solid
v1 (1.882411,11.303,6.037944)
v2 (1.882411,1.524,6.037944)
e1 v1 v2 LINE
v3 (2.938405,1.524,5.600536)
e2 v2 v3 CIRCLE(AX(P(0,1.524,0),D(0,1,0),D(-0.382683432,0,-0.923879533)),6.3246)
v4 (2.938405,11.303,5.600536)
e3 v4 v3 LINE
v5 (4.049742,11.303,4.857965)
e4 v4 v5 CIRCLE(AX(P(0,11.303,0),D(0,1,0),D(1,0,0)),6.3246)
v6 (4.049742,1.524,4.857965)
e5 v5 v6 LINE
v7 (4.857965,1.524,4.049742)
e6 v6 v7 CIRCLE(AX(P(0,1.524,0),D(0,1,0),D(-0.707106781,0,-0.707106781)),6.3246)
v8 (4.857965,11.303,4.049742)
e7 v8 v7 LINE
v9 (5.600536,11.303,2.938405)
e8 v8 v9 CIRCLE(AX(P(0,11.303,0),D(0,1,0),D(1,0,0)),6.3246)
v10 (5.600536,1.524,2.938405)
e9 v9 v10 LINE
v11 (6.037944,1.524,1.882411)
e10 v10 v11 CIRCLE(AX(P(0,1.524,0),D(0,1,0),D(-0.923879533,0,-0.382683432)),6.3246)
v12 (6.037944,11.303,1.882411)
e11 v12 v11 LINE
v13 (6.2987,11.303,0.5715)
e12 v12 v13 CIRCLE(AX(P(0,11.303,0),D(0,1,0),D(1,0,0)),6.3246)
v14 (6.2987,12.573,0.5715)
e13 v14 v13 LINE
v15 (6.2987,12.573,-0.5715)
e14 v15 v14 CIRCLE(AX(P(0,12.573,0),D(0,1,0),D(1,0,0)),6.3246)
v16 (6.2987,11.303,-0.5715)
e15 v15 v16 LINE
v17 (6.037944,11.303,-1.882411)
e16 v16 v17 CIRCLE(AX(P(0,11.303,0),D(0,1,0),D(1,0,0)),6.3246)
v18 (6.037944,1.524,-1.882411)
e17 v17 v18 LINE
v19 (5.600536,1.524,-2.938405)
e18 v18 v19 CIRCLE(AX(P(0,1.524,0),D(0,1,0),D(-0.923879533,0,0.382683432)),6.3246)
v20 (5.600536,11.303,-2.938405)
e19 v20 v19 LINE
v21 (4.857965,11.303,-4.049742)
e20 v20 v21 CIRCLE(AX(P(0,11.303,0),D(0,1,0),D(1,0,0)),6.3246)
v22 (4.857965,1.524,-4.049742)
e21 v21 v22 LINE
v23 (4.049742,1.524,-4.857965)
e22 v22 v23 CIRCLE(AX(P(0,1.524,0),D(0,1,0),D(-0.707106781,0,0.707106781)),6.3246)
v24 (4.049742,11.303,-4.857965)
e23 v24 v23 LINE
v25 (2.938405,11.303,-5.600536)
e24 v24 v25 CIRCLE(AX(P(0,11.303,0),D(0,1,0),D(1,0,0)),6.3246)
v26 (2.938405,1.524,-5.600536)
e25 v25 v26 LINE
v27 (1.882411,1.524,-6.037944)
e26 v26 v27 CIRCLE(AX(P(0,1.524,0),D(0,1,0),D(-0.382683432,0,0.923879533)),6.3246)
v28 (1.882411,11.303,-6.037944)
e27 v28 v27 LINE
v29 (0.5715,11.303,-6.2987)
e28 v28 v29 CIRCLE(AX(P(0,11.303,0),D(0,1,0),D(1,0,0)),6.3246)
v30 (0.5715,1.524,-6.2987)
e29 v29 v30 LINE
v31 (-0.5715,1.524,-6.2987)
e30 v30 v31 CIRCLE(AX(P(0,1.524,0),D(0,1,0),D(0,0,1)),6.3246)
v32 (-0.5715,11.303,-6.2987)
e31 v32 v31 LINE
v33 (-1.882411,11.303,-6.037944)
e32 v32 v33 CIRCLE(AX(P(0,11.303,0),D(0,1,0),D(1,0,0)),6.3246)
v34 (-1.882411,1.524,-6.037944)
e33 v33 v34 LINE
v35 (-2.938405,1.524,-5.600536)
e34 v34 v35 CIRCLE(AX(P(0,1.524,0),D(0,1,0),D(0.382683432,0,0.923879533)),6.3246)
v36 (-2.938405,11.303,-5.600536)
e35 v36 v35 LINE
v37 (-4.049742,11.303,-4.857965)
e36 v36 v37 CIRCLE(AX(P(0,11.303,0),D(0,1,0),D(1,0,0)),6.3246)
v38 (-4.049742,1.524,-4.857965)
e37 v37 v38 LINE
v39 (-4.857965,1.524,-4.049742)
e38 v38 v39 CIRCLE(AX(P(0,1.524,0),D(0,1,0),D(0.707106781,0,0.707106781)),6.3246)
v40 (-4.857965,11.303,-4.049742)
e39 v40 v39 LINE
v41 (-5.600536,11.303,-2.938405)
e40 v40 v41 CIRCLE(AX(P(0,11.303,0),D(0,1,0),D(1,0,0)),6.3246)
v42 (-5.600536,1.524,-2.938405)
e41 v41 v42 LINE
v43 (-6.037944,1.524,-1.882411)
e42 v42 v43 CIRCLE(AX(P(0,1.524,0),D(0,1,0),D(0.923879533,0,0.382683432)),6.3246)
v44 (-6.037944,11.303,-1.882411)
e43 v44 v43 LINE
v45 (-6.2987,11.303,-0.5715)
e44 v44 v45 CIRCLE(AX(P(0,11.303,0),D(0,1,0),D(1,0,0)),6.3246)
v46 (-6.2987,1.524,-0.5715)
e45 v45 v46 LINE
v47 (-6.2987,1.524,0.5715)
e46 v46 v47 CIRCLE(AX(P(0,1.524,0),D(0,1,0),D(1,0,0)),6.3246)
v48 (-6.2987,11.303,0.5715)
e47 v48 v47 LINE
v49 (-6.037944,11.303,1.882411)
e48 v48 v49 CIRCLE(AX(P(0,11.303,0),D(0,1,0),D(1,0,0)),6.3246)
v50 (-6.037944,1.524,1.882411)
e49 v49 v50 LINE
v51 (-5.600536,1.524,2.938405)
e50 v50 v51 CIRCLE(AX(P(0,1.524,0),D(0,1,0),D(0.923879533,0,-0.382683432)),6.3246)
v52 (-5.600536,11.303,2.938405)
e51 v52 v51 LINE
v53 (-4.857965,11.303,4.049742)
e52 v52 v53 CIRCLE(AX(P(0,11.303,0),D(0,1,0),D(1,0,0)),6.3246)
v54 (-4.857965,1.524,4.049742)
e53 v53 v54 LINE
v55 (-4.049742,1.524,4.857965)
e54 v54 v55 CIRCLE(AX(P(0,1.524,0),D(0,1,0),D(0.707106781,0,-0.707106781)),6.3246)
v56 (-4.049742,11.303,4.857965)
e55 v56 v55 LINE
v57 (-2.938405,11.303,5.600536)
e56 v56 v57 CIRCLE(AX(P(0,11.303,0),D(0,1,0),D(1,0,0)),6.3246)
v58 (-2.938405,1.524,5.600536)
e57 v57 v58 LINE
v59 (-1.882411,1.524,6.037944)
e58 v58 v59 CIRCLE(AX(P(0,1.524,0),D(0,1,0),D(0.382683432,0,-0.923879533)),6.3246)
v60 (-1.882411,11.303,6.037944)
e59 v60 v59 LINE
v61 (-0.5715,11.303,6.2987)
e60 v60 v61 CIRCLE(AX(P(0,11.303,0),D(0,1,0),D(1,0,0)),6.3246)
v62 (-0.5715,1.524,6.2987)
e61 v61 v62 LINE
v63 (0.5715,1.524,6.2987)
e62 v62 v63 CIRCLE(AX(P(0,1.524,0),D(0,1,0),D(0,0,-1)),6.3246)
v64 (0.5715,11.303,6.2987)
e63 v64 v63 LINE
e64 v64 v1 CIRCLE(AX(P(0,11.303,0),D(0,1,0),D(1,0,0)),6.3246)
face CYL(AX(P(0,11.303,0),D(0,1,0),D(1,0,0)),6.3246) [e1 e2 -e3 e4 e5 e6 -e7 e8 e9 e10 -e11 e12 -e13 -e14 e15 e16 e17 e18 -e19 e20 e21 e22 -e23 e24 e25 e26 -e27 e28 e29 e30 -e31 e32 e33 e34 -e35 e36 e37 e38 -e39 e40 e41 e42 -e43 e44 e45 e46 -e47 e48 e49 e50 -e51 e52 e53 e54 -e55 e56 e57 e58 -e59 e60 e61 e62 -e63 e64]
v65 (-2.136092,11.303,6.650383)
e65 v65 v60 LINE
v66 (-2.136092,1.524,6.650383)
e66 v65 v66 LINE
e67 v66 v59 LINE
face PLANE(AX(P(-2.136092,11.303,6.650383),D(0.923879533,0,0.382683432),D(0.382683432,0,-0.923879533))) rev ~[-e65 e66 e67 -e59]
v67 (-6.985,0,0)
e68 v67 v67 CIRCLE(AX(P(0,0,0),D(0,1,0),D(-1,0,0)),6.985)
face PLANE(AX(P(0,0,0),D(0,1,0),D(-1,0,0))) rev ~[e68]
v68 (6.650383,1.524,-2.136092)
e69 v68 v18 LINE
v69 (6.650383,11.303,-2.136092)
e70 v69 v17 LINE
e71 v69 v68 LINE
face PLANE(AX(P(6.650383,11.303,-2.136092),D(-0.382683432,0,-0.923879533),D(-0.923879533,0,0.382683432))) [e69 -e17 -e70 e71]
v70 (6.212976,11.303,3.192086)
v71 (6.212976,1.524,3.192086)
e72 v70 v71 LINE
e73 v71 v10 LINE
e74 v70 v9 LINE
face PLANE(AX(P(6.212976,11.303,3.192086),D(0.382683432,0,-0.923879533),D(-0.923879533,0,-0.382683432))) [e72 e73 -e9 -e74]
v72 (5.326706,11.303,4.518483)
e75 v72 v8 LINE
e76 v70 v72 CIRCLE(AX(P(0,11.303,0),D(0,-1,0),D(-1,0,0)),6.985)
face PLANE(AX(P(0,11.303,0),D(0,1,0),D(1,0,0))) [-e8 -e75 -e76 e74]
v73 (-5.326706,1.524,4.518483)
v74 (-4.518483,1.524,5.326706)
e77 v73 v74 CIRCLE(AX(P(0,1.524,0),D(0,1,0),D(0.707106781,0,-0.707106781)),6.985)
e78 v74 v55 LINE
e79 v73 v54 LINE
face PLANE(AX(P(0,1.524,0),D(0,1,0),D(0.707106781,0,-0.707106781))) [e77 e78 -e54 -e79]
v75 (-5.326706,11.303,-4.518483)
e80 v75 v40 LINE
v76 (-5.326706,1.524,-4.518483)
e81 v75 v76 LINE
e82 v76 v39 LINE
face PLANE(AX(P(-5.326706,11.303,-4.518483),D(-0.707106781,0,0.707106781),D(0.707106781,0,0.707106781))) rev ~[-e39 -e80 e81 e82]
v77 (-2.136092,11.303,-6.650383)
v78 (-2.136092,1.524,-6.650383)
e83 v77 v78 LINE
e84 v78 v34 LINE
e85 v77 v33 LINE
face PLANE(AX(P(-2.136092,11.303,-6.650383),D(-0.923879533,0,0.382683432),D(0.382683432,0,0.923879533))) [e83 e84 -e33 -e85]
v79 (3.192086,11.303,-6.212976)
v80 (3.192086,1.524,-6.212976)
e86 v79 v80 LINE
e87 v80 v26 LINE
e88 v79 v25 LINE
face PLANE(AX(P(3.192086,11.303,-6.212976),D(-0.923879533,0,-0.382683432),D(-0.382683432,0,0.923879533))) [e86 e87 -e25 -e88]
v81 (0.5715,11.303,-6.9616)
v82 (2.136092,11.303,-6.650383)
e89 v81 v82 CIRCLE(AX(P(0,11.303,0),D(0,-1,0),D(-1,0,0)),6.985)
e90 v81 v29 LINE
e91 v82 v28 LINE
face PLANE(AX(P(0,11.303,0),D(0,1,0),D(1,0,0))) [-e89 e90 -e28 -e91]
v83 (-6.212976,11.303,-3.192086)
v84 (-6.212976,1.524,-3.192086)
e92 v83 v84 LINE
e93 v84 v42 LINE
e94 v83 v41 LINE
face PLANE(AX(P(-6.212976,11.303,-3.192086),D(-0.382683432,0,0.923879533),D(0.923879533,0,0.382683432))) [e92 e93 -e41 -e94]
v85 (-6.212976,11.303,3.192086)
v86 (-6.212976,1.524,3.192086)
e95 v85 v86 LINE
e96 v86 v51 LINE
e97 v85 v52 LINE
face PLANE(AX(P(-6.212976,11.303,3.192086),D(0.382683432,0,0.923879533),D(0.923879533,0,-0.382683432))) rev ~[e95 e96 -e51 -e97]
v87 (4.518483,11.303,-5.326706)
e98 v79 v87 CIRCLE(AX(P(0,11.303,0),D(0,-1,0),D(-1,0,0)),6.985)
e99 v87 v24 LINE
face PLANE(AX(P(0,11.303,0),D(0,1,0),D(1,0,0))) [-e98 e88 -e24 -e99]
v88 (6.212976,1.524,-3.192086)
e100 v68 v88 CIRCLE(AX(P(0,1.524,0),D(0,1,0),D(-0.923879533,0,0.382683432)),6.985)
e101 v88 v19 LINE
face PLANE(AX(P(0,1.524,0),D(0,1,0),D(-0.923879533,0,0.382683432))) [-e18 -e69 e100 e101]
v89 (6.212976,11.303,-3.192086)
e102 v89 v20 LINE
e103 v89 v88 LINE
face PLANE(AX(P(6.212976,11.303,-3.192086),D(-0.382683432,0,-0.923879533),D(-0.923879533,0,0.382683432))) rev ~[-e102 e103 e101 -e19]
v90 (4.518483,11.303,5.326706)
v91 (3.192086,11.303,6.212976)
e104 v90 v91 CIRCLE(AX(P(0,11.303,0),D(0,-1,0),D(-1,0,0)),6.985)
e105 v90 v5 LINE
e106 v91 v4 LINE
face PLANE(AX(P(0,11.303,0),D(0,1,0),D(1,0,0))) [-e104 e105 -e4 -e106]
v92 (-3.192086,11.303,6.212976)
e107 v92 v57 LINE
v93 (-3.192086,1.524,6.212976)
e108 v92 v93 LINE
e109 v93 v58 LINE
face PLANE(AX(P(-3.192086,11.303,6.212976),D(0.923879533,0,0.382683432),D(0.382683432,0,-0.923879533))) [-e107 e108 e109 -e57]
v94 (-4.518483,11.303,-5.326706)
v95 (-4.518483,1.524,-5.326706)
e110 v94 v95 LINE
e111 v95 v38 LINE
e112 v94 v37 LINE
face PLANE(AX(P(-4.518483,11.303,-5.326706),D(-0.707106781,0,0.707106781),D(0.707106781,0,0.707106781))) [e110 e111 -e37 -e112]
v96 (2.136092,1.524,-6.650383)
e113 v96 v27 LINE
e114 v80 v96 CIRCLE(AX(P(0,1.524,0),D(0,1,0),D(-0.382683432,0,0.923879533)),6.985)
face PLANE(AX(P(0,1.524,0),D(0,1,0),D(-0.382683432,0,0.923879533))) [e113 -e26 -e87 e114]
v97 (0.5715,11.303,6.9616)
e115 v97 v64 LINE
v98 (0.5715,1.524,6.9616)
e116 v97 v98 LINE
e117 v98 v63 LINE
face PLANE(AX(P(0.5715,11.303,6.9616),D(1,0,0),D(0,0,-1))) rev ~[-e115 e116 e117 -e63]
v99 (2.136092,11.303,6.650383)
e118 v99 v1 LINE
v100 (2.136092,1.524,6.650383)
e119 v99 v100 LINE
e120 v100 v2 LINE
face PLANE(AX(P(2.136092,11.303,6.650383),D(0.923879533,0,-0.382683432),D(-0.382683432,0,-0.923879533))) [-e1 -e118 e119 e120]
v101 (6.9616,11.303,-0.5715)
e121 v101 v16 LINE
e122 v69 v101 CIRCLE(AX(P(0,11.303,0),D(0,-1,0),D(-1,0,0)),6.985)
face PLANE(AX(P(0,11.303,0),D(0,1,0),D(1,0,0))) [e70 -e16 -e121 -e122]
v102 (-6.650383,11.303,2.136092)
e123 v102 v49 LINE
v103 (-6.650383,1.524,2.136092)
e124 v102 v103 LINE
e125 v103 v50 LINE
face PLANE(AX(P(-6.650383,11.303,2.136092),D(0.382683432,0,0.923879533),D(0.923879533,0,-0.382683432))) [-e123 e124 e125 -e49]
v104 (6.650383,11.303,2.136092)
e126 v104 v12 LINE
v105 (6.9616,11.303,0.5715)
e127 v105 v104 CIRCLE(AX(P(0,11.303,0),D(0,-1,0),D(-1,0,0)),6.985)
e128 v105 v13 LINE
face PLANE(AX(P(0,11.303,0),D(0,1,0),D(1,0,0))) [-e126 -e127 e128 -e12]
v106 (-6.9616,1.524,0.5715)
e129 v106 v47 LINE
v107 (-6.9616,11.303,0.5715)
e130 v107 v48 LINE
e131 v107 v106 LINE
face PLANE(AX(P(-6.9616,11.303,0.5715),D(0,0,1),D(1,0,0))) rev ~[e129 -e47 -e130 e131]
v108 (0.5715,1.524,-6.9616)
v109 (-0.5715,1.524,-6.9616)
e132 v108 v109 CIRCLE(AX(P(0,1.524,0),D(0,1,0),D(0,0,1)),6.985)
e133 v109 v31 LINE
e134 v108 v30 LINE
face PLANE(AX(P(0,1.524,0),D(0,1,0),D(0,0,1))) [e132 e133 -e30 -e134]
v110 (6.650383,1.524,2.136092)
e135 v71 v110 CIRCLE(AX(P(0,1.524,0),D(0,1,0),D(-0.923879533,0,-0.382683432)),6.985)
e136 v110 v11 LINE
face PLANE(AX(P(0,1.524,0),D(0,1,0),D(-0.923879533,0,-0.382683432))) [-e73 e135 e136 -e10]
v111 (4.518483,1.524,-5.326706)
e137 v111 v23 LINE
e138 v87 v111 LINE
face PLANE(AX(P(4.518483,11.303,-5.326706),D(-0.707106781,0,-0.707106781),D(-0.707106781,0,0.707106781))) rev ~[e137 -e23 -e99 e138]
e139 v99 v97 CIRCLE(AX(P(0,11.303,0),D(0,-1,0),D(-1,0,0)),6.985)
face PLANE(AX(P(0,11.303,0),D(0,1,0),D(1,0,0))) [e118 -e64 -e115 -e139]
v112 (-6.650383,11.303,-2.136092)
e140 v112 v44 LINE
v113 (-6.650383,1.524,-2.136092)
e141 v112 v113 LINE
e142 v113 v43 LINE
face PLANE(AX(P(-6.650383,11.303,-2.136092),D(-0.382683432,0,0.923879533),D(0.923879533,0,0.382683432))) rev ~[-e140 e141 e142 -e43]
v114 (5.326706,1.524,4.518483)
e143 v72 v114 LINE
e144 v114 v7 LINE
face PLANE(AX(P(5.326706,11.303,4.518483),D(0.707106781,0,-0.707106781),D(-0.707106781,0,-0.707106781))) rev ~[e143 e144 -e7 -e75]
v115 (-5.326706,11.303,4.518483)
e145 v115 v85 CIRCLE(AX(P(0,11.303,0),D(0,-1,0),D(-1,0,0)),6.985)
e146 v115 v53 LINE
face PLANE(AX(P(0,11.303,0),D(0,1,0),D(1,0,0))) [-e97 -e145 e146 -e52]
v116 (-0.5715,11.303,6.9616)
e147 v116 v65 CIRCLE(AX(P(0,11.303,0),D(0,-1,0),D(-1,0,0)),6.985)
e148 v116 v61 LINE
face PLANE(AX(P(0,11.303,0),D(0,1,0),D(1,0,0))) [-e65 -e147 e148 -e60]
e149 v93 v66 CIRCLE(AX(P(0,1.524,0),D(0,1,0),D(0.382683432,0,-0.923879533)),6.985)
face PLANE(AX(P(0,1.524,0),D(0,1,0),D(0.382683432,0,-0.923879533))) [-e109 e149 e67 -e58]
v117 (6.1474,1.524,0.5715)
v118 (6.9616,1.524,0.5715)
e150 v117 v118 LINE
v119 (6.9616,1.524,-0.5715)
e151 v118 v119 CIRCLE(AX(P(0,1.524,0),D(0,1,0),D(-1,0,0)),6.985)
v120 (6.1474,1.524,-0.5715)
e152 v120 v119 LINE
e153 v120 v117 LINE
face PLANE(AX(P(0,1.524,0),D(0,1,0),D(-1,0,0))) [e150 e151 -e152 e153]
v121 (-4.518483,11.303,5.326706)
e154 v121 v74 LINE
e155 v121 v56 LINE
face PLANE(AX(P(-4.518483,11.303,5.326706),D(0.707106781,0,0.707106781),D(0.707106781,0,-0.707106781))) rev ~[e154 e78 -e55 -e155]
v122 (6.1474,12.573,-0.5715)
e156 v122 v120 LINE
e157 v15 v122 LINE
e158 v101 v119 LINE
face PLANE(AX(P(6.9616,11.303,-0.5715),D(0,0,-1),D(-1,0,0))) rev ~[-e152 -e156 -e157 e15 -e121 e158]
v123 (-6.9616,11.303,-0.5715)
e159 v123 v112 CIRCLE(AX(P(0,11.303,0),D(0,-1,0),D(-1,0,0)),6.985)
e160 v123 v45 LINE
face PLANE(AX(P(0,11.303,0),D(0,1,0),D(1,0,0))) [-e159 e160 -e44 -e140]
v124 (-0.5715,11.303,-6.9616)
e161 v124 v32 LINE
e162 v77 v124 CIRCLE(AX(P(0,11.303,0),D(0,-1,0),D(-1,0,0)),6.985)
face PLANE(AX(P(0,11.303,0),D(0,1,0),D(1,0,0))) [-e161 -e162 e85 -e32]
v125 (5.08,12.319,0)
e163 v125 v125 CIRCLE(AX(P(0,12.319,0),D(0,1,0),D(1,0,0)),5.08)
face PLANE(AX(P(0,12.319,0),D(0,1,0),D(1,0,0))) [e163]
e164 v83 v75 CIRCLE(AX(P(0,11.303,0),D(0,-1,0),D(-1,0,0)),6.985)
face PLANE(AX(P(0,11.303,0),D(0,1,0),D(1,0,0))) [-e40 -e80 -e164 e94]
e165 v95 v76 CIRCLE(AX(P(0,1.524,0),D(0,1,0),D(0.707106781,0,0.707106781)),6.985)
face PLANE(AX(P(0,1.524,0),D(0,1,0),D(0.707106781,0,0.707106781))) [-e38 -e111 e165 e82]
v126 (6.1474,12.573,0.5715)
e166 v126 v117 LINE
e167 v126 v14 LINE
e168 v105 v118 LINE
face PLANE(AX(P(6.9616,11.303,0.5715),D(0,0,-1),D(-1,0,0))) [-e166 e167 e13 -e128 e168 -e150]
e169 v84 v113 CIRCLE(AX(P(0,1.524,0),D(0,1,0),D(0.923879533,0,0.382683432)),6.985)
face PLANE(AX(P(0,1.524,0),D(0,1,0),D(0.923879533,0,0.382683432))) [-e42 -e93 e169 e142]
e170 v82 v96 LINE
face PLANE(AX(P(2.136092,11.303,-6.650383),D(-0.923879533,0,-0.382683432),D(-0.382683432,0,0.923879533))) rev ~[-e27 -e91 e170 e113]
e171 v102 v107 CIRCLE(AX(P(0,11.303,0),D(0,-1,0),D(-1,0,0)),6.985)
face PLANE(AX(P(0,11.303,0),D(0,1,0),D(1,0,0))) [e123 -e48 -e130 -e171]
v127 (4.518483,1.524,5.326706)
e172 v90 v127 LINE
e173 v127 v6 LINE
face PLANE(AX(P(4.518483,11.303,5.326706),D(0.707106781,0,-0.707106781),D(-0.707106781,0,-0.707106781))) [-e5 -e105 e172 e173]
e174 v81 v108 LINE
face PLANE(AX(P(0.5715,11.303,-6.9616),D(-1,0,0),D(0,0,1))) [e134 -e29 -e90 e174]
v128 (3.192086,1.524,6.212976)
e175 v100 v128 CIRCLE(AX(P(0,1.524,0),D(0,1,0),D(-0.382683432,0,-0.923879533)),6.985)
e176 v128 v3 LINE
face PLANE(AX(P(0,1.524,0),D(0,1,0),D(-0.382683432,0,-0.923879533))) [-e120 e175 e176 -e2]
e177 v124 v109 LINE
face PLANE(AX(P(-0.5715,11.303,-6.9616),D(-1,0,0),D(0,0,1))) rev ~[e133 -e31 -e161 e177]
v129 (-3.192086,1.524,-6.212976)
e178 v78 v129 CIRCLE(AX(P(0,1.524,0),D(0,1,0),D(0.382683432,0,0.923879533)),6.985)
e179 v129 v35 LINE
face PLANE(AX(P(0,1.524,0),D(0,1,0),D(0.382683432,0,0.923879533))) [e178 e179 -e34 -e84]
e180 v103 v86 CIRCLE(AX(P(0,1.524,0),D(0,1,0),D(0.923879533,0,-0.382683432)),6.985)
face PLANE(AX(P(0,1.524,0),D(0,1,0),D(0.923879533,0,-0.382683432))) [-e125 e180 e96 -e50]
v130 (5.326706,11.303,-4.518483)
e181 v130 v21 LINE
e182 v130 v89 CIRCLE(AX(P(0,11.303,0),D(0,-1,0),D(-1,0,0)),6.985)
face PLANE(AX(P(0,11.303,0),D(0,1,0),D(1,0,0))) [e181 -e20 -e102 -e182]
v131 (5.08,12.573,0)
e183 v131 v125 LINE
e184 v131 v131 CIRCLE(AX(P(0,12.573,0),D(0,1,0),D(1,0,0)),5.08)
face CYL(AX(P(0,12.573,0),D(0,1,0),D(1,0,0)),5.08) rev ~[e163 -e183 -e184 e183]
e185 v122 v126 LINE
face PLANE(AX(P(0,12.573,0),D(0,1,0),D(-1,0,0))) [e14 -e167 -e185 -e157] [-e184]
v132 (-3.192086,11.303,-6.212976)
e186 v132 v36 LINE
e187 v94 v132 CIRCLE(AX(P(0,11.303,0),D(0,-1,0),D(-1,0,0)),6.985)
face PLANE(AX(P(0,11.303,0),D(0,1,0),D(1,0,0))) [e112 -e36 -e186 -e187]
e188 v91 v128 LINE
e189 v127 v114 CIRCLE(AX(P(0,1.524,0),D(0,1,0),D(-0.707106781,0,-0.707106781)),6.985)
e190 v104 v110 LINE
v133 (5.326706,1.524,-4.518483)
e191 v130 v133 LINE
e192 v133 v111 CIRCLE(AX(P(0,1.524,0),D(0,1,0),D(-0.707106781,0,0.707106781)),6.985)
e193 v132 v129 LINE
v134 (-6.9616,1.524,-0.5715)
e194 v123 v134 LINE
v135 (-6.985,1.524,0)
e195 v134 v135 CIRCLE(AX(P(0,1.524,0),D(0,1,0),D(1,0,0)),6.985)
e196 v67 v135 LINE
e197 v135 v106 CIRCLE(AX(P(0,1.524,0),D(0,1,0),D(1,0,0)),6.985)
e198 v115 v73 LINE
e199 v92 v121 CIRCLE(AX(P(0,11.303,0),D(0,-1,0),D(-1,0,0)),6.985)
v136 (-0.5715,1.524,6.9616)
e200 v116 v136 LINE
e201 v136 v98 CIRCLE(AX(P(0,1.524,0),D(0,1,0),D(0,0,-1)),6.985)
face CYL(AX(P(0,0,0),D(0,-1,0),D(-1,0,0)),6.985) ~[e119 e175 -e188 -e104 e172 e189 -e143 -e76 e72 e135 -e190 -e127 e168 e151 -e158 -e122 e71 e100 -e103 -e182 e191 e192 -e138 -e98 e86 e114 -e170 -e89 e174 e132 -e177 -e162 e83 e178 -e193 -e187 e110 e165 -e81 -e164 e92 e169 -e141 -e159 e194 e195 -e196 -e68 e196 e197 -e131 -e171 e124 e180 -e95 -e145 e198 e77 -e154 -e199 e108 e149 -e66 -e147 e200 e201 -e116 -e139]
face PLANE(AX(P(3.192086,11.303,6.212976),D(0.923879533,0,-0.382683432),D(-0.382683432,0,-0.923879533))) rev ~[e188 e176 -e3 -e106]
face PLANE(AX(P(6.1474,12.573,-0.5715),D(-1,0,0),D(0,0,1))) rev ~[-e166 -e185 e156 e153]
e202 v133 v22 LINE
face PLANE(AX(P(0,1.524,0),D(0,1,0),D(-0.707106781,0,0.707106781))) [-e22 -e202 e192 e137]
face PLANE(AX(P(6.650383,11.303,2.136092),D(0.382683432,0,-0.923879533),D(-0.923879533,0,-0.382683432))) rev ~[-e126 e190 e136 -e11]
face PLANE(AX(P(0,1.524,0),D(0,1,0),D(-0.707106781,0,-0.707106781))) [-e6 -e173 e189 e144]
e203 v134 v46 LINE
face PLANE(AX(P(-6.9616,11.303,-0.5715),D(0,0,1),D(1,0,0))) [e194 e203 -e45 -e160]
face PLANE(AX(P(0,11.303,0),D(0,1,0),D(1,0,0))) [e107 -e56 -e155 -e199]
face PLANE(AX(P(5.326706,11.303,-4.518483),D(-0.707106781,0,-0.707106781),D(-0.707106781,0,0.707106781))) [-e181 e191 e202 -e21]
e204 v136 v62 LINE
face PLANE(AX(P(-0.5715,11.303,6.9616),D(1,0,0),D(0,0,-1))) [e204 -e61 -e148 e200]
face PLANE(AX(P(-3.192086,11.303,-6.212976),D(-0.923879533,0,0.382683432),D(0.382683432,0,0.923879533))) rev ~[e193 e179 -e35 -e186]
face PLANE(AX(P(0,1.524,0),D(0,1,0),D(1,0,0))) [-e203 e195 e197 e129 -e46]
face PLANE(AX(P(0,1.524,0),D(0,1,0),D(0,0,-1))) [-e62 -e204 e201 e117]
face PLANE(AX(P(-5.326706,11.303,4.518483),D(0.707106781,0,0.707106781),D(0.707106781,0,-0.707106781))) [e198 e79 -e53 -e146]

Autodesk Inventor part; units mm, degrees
ref_plane "YZ Plane" through (0, 0, 0) normal (1, 0, 0) x (0, 1, 0)
ref_plane "XZ Plane" through (0, 0, 0) normal (0, 1, 0) x (-1, 0, 0)
ref_plane "XY Plane" through (0, 0, 0) normal (0, 0, 1) x (1, 0, 0)
sketch "Sketch1" plane through (0, 0, 0) normal (0, 1, 0) x (-1, 0, 0)
  circle A0 centre (0, 0) radius 6.985
  dimension "d0" = 13.97
extrude "Extrusion1" add sketch "Sketch1" along normal blind 12.573
sketch "Sketch2" plane through (0, 12.573, 0) normal (0, 1, 0) x (1, 0, 0)
  circle A0 centre (0, 0) radius 6.3246
  circle A1 centre (0, 0) radius 6.985 projected
  dimension "d3" = 12.6492
extrude "Extrusion2" cut sketch "Sketch2" against normal blind 1.27
sketch "Sketch3" plane through (0, 11.303, 0) normal (0, 1, 0) x (1, 0, 0)
  circle A0 centre (0, 0) radius 6.3246 projected
  circle A1 centre (0, 0) radius 6.985 projected
  circle A2 centre (0, 0) radius 6.985 projected
  line L0 (-6.9616, -0.5715) -> (-6.2987, -0.5715)
  line L1 (-6.9616, 0.5715) -> (-6.2987, 0.5715)
  dimension "d6" = 1.143
  dimension "d7" = 0.5715
extrude "Extrusion3" cut sketch "Sketch3" against normal blind 9.779 contours A0 L0 A1 L1 picked at (-6.5273, 0.4446)
pattern_circular "Circular Pattern1" count 16 over 360 about axis through (0, 0, 0) along (0, 1, 0) of "Extrusion3"
sketch "Sketch4" plane through (0, 12.573, 0) normal (0, 1, 0) x (1, 0, 0)
  circle A0 centre (0, 0) radius 5.08
  dimension "d13" = 10.16
extrude "Extrusion4" cut sketch "Sketch4" against normal blind 0.254
sketch "Sketch5" plane through (0, 12.573, 0) normal (0, 1, 0) x (1, 0, 0)
  line L0 (6.2987, 0.5715) -> (6.9616, 0.5715) projected
  line L1 (6.9616, -0.5715) -> (6.2987, -0.5715) projected
  circle A0 centre (0, 0) radius 6.3246 projected
  line L2 (6.2987, 0.5715) -> (6.1474, 0.5715)
  line L3 (6.1474, 0.5715) -> (6.1474, -0.5715)
  line L4 (6.1474, -0.5715) -> (6.2987, -0.5715)
extrude "Extrusion5" cut sketch "Sketch5" against normal blind 11.049 contours A0 L4 L3 L2 picked at (6.2065, 0)
equation "\"d7\" = 0.5 * d6"
properties part number "Knob3"
